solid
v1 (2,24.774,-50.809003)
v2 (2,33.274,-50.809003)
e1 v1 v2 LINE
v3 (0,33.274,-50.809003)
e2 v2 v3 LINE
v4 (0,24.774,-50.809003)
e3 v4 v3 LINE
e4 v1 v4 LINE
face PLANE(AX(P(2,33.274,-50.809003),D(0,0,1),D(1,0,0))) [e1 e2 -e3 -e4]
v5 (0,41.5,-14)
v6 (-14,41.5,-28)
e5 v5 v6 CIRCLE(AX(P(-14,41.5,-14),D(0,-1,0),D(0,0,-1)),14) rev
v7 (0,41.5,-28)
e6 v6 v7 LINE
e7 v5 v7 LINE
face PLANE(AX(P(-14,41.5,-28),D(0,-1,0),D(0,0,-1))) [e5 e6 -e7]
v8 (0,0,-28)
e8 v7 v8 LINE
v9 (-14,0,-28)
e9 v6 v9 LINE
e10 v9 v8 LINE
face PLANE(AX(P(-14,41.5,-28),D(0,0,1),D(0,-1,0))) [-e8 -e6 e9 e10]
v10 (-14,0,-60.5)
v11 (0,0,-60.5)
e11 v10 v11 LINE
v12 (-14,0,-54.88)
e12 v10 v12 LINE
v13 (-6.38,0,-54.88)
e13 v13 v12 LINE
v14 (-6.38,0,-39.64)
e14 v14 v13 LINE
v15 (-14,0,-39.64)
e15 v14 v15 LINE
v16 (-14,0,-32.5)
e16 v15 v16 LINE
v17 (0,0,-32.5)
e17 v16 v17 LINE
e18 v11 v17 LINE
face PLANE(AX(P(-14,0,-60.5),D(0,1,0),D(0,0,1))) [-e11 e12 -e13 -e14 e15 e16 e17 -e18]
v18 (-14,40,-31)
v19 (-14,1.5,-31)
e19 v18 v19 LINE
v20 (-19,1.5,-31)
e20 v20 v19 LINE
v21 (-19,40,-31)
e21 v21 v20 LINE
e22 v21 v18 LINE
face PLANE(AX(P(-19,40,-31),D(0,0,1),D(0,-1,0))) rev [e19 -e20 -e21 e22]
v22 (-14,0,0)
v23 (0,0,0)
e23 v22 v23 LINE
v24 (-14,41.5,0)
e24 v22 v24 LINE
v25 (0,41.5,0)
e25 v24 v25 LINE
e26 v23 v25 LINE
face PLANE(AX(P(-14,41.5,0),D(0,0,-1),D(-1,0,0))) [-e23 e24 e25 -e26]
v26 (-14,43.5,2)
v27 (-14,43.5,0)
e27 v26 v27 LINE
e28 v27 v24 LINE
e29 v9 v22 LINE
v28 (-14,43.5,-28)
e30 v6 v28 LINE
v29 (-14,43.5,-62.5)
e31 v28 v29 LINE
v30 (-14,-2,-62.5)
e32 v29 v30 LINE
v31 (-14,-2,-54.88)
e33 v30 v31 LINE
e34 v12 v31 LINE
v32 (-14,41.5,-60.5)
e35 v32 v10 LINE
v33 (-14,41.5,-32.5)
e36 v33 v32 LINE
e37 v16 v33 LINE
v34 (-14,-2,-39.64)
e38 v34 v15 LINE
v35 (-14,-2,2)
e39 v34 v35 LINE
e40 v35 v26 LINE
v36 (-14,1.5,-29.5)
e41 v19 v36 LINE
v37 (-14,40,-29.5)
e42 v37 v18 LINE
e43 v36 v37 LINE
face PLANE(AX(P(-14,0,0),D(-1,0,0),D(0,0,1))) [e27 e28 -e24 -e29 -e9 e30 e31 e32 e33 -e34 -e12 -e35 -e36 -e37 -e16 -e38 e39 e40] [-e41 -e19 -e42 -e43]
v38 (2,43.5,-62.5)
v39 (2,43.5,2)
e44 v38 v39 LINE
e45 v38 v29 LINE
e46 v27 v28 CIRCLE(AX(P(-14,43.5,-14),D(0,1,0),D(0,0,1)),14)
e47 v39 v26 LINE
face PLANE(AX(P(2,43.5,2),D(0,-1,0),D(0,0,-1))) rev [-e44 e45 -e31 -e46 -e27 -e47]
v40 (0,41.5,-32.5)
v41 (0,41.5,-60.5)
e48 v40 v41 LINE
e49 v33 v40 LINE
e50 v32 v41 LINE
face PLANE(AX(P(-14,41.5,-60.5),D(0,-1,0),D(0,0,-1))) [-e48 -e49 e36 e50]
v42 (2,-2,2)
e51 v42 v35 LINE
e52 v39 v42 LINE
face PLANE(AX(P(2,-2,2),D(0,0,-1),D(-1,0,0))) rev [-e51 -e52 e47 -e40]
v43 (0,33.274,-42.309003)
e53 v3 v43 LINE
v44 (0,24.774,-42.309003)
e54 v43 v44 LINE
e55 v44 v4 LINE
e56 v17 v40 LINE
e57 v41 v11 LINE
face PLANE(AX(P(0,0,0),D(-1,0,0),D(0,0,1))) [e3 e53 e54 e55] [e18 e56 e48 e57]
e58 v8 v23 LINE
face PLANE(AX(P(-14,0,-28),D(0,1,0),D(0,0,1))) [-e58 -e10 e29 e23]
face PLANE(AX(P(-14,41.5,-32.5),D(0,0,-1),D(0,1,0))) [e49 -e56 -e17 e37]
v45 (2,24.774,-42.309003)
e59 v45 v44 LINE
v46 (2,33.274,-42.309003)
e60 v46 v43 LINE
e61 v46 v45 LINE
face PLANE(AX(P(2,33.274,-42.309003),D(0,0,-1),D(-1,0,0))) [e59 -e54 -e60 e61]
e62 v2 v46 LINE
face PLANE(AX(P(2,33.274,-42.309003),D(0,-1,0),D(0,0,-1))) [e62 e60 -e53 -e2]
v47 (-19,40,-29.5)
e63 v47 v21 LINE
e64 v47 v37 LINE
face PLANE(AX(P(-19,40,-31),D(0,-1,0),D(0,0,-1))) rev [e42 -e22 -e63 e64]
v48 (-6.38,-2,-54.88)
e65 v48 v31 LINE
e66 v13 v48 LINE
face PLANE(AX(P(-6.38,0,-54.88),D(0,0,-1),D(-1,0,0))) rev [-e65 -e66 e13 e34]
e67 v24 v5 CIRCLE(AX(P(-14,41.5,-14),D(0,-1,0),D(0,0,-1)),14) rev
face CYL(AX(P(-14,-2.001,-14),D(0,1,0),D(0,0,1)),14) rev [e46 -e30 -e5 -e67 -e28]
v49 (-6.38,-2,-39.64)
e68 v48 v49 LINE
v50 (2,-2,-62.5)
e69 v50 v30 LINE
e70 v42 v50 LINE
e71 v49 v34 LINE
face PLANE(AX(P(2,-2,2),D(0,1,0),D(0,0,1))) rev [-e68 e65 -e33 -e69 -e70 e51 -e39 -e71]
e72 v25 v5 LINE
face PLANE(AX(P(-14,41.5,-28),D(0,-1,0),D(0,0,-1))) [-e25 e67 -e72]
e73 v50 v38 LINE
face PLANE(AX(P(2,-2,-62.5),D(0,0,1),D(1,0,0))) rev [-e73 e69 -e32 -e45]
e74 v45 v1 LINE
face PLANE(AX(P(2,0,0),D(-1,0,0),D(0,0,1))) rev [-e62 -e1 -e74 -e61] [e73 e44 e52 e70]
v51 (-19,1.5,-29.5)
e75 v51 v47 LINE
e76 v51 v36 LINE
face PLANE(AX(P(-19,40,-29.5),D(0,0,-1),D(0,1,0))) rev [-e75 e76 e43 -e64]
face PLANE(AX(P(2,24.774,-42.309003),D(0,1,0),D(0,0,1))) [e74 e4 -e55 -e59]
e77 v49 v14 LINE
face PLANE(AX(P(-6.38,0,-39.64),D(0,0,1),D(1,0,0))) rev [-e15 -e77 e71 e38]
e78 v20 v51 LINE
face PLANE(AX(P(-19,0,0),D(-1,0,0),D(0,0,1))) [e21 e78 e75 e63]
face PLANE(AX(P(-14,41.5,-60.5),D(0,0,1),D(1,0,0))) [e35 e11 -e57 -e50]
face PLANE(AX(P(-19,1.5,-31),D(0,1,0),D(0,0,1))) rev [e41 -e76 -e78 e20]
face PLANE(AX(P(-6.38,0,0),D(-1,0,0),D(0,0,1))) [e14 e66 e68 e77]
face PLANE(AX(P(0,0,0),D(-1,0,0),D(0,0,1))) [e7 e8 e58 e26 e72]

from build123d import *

# Parameters (mm, degrees)
SKETCH1_W           = 64.5
SKETCH1_H           = 45.5
SKETCH1_W_2         = 8.5
SKETCH1_H_2         = 8.5
BOSS_EXTRUDE1_DEPTH = 2
SKETCH2_W           = 64.5
SKETCH2_H           = 45.5
SKETCH2_W_2         = 28
SKETCH2_H_2         = 41.5
BOSS_EXTRUDE2_DEPTH = 14
CUT_EXTRUDE1_REACH  = 80.565
SKETCH3_R           = 14
SKETCH4_W           = 1.5
SKETCH4_H           = 38.5
BOSS_EXTRUDE3_DEPTH = 5
SKETCH5_W           = 15.24
SKETCH5_H           = 2
CUT_EXTRUDE2_DEPTH  = 7.62


with BuildPart() as part:
    # Sketch1 → Boss-Extrude1 (new body)
    with BuildSketch(Plane(origin=(0, 0, 0), x_dir=(0, 0, -1), z_dir=(1, 0, 0))):
        with Locations((30.25, 20.75)):
            Rectangle(SKETCH1_W, SKETCH1_H)
        with Locations((46.5590026, 29.024)):
            Rectangle(SKETCH1_W_2, SKETCH1_H_2, mode=Mode.SUBTRACT)
    extrude(amount=BOSS_EXTRUDE1_DEPTH)

    # Sketch2 → Boss-Extrude2 (add)
    with BuildSketch(Plane.ZY):
        with Locations((-30.25, 20.75)):
            Rectangle(SKETCH2_W, SKETCH2_H)
        with Locations((-46.5, 20.75)):
            Rectangle(SKETCH2_W_2, SKETCH2_H_2, mode=Mode.SUBTRACT)
        with Locations((-14, 20.75)):
            Rectangle(SKETCH2_W_2, SKETCH2_H_2, mode=Mode.SUBTRACT)
    extrude(amount=BOSS_EXTRUDE2_DEPTH)

    # Sketch3 → Cut-Extrude1 (cut, up to next)
    with BuildSketch(Plane(origin=(0, 43.5, 0), x_dir=(1, 0, 0), z_dir=(0, 1, 0)), mode=Mode.PRIVATE) as cut_extrude1_sk1:
        with Locations((-14, 14)):
            Circle(SKETCH3_R)
    cut_extrude1_tool1 = extrude(cut_extrude1_sk1.sketch, amount=-CUT_EXTRUDE1_REACH, mode=Mode.PRIVATE) & part.part
    add(cut_extrude1_tool1.solids().sort_by_distance((-14, 43.5, -14))[0], mode=Mode.SUBTRACT)

    # Sketch4 → Boss-Extrude3 (add)
    with BuildSketch(Plane.ZY.offset(14)):
        with Locations((-30.25, 20.75)):
            Rectangle(SKETCH4_W, SKETCH4_H)
    extrude(amount=BOSS_EXTRUDE3_DEPTH)

    # Sketch5 → Cut-Extrude2 (cut)
    with BuildSketch(Plane.ZY.offset(14)):
        with Locations((-47.26, -1)):
            Rectangle(SKETCH5_W, SKETCH5_H)
    extrude(amount=-CUT_EXTRUDE2_DEPTH, mode=Mode.SUBTRACT)


solid = part.part
